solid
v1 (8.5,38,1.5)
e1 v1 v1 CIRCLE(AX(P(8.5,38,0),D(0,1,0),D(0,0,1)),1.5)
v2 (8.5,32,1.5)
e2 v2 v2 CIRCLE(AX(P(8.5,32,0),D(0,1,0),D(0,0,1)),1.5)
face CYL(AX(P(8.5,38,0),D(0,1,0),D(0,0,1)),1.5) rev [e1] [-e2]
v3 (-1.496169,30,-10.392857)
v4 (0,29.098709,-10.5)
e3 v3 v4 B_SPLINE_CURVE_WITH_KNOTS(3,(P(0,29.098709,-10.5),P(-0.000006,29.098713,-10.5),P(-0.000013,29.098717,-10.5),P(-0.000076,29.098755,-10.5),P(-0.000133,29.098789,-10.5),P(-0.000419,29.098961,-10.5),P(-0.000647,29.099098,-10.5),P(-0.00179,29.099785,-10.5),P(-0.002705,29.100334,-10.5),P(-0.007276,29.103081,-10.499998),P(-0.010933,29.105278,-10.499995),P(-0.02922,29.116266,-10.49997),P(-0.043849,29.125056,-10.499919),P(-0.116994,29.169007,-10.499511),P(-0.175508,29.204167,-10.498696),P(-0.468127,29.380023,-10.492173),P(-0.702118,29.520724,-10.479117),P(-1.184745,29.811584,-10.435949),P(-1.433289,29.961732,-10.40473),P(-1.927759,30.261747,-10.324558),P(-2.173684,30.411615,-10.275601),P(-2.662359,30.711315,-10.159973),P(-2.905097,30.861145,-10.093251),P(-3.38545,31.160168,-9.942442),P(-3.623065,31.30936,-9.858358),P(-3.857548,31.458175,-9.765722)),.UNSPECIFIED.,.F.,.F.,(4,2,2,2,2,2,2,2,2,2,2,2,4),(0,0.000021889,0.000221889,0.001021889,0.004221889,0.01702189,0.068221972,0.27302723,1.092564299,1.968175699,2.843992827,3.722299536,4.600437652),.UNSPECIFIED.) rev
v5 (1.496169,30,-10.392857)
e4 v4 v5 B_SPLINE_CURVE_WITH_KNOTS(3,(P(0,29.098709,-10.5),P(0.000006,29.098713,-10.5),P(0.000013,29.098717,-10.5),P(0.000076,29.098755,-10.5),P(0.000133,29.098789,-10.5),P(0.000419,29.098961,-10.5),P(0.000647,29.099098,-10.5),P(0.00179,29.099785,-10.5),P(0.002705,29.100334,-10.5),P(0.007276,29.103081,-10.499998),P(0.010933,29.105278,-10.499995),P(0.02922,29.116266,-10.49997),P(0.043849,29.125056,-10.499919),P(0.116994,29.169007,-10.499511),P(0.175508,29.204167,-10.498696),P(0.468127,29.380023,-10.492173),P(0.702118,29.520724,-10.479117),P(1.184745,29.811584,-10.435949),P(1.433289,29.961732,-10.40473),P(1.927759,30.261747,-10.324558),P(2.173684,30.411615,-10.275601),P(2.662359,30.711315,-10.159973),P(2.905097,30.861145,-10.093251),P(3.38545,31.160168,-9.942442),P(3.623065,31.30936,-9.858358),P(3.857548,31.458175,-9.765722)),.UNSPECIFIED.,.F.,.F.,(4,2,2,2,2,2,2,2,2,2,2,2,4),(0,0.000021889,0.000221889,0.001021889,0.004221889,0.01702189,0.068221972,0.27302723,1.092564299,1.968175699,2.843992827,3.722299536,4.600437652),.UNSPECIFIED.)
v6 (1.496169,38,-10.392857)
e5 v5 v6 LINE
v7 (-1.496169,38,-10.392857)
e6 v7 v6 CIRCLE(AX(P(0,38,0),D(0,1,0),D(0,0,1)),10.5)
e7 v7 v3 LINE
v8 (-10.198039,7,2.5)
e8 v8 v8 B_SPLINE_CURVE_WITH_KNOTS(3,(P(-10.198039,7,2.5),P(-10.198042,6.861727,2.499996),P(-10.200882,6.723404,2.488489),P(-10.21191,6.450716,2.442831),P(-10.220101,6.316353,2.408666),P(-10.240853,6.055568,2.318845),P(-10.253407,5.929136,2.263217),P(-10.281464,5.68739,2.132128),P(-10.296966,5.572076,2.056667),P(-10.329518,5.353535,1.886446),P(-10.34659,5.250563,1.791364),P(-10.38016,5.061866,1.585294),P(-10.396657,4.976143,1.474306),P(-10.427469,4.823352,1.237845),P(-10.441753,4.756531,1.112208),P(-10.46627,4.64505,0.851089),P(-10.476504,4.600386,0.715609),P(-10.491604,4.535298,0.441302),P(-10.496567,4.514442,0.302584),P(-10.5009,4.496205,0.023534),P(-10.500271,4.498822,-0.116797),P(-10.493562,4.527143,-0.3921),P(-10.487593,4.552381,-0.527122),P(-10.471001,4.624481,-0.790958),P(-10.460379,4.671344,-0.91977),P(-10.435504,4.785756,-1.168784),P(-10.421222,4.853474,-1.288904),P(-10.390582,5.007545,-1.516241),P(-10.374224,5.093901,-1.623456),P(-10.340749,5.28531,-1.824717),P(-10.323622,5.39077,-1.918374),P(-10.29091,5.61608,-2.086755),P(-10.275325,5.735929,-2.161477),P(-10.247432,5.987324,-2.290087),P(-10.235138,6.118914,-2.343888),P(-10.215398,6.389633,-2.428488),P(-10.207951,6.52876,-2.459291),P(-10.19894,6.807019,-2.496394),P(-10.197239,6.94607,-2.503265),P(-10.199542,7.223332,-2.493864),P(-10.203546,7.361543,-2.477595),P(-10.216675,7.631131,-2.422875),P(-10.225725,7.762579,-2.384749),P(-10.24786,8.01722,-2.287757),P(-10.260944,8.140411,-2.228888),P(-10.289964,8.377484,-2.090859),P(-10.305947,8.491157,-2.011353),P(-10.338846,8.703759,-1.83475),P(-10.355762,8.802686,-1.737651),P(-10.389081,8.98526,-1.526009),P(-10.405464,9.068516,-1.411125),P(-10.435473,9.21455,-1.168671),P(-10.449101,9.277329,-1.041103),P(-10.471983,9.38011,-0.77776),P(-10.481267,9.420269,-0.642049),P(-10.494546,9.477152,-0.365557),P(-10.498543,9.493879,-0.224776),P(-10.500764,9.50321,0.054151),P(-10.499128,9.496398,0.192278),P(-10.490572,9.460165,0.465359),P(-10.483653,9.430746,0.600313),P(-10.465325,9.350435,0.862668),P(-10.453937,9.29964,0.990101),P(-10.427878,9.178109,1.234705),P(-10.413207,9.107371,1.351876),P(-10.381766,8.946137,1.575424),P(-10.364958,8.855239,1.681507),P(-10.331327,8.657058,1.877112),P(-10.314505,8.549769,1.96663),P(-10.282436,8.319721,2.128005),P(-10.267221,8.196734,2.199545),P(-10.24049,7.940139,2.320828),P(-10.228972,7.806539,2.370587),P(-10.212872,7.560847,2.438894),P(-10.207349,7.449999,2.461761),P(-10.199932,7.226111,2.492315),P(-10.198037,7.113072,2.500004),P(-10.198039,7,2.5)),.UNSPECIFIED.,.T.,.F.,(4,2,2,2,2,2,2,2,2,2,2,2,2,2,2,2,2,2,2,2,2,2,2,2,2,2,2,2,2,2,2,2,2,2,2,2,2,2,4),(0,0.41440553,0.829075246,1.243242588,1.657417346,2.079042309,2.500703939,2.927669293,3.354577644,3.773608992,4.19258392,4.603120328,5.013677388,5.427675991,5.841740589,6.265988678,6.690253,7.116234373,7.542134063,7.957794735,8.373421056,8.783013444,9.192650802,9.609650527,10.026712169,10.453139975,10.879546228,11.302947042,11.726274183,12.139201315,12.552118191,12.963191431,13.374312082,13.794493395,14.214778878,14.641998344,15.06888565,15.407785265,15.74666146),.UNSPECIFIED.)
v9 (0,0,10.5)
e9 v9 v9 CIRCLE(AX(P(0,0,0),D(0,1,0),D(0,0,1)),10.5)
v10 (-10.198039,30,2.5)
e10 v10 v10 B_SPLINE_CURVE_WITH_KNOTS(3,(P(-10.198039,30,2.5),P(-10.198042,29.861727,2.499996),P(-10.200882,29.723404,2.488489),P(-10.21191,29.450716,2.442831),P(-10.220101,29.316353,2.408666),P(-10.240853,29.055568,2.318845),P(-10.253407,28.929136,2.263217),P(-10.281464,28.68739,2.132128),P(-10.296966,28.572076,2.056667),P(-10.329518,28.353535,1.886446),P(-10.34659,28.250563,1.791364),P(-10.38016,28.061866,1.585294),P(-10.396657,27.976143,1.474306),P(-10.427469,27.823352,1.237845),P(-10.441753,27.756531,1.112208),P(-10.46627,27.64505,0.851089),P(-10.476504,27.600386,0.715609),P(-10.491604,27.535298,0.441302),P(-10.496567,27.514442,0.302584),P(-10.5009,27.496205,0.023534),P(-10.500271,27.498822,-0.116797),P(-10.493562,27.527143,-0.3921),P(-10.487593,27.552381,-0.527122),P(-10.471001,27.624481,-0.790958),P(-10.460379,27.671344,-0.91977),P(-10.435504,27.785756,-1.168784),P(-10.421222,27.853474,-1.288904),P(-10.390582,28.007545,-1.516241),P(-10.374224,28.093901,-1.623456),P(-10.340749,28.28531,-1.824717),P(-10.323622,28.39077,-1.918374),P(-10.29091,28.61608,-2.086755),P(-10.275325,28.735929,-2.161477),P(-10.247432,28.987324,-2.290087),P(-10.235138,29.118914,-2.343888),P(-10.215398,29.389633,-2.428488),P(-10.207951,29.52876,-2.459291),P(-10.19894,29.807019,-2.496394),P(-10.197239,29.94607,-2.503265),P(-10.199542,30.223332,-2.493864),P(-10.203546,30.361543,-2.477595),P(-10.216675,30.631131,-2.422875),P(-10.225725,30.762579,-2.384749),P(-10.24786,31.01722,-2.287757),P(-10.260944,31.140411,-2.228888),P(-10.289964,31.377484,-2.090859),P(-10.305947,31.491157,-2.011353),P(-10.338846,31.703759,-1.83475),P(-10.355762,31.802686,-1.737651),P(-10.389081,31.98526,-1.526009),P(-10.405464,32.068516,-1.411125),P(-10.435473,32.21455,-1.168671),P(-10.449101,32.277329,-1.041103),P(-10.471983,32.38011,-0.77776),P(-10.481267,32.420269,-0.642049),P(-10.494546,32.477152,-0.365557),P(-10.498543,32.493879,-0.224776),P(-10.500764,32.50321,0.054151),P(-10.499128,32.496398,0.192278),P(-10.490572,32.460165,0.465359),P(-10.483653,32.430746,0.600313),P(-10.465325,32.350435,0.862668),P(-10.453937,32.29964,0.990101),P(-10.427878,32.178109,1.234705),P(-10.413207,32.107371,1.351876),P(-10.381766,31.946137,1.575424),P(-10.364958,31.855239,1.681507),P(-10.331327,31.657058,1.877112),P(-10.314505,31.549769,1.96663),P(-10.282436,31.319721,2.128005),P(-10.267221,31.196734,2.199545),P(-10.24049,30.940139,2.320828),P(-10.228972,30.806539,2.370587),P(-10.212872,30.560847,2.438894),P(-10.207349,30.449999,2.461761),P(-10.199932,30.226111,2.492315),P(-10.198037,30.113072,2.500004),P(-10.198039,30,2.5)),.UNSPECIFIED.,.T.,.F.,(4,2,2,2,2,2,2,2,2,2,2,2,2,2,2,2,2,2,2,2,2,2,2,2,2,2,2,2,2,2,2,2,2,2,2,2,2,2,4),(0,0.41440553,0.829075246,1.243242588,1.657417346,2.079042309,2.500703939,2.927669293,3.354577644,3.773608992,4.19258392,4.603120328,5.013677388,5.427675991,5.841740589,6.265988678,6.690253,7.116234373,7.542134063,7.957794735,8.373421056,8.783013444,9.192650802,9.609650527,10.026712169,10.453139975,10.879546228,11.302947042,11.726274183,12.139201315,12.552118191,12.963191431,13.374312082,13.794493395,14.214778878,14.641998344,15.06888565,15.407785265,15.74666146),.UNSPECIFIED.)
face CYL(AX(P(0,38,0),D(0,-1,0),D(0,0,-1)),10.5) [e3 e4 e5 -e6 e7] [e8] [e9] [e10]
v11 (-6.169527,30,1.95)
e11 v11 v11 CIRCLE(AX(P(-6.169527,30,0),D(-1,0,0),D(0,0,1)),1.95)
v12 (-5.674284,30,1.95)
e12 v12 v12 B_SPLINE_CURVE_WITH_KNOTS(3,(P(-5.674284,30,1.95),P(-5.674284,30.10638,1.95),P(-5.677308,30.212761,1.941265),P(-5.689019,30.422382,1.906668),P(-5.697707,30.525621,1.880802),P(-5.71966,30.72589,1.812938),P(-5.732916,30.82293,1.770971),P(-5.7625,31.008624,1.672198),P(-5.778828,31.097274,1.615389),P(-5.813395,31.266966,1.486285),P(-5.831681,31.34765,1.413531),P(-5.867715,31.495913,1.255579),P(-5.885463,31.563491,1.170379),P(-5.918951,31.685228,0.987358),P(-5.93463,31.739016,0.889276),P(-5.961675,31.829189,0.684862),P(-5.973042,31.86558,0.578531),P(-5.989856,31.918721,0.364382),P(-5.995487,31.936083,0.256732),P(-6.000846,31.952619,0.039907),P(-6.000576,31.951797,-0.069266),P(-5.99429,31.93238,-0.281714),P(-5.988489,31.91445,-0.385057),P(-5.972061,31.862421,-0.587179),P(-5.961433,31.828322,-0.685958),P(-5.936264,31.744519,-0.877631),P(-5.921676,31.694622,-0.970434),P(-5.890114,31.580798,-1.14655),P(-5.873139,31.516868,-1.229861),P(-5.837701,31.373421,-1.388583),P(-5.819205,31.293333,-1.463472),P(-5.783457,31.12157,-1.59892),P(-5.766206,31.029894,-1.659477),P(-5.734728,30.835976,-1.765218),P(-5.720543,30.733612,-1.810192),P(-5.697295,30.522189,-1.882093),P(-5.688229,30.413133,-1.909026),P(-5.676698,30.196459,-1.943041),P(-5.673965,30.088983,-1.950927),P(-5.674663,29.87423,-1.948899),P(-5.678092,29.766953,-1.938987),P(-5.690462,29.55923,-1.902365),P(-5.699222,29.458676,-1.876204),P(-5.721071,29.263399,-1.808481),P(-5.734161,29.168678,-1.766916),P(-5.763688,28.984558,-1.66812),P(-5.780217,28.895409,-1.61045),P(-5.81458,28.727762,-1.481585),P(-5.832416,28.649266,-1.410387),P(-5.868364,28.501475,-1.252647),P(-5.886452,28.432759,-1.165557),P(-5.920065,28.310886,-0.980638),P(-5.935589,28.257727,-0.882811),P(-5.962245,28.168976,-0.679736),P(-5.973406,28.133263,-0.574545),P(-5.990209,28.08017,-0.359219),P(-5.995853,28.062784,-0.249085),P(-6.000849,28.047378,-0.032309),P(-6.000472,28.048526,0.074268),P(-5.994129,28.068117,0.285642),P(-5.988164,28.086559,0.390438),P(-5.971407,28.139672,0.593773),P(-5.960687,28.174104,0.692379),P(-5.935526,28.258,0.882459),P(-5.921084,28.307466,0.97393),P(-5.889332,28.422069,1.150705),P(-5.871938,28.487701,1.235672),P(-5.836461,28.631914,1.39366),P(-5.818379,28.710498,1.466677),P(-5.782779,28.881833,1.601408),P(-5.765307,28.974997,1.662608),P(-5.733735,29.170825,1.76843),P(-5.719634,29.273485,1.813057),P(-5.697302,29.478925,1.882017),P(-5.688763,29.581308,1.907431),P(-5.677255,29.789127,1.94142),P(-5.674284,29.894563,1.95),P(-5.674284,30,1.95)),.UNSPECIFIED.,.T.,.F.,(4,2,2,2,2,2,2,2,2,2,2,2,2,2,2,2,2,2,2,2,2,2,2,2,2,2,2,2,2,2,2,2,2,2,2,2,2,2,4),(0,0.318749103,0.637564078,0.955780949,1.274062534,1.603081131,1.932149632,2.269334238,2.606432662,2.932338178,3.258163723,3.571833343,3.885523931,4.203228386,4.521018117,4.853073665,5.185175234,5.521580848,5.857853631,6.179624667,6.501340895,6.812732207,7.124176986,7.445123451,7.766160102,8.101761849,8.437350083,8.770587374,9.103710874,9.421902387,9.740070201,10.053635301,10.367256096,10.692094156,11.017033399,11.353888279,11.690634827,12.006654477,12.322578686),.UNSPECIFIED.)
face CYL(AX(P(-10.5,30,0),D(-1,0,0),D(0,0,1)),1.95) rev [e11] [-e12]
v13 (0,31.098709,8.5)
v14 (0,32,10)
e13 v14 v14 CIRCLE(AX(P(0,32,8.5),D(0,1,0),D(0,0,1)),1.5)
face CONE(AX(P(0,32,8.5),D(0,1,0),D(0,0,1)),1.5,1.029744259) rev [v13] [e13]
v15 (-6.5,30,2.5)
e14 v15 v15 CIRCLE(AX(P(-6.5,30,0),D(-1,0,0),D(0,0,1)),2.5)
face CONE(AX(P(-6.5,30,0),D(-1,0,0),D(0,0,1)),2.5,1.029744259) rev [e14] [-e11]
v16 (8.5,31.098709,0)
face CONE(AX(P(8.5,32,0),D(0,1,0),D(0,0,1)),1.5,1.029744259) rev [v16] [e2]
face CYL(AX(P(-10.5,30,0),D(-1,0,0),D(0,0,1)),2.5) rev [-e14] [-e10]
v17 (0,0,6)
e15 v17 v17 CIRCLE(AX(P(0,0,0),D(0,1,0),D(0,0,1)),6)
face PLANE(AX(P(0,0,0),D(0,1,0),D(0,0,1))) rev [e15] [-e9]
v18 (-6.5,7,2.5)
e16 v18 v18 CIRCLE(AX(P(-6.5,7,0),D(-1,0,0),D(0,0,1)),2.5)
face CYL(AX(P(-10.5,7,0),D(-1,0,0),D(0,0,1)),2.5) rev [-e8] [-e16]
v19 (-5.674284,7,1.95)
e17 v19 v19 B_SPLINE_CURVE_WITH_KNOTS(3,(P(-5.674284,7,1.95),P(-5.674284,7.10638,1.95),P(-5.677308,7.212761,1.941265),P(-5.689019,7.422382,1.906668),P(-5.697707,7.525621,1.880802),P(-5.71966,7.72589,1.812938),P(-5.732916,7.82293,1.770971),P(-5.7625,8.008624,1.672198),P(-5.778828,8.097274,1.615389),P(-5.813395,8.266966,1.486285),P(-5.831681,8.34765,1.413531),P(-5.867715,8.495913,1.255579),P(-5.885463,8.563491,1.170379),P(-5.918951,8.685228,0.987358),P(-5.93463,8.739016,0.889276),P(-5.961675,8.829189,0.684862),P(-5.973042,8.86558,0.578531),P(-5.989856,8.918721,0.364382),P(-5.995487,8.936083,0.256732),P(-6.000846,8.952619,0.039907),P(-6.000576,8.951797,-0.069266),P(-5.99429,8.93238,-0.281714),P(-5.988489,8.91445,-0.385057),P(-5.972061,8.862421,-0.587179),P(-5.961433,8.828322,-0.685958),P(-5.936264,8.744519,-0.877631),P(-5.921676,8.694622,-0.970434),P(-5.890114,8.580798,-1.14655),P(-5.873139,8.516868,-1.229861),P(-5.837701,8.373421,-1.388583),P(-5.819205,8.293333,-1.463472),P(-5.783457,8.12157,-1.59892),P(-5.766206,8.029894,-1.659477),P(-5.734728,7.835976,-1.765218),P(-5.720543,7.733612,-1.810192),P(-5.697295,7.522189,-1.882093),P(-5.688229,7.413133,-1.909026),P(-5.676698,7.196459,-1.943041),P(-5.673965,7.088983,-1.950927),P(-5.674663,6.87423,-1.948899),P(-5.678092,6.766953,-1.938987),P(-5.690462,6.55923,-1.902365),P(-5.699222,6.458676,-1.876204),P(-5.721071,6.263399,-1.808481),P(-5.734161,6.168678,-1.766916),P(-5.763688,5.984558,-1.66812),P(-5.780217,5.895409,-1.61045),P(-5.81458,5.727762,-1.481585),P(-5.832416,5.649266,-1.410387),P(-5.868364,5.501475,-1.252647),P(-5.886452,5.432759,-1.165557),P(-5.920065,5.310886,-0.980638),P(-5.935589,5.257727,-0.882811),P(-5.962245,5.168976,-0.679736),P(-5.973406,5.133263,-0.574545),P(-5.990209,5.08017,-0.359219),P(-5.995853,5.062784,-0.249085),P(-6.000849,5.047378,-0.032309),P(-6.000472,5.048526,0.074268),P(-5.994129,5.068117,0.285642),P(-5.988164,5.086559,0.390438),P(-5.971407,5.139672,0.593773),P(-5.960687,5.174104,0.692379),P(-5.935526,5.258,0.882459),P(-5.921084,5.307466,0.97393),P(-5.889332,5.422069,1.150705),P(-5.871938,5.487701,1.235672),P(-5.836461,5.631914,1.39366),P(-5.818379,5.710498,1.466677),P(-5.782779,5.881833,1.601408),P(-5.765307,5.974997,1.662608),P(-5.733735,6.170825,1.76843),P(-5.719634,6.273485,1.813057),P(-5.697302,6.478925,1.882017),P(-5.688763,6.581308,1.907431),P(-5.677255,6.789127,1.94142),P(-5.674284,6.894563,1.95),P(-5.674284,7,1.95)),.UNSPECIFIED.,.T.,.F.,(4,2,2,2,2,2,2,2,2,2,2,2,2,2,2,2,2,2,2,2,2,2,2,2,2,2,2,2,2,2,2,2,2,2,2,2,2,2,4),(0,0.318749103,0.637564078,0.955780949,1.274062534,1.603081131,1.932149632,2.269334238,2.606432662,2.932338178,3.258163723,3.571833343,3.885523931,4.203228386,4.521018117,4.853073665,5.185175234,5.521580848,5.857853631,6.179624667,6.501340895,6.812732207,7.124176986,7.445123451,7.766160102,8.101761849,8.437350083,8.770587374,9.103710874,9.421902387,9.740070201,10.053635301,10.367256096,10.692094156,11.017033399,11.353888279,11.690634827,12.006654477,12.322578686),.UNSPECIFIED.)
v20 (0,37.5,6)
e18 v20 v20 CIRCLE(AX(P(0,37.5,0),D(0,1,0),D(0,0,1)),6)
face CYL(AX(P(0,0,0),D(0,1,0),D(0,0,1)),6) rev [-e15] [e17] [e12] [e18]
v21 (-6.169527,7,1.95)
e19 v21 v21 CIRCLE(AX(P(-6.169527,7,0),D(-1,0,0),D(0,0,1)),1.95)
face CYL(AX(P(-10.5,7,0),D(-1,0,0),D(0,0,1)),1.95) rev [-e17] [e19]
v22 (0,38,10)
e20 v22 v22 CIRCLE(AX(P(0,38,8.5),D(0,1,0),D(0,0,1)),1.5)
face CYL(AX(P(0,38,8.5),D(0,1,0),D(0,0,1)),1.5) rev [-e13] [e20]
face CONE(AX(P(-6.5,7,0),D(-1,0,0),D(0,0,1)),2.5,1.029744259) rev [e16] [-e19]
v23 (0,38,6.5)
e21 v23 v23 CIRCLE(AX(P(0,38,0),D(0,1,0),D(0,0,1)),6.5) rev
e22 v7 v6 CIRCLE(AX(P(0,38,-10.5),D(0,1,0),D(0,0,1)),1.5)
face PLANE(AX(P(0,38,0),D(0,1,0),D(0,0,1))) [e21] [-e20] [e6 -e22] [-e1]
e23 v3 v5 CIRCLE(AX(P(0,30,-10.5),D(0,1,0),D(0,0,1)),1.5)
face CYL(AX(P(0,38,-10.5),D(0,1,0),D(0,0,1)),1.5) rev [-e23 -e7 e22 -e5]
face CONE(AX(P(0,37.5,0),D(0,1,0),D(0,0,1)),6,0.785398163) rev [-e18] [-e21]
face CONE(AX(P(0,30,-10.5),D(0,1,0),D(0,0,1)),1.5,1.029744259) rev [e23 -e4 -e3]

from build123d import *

# Parameters (mm, degrees)
SKETCH1_R                       = 10.5
BOSS_EXTRUDE1_DEPTH             = 38
SKETCH2_R                       = 6
CUT_EXTRUDE1_DEPTH              = 41.798284278
F_3_9_3_9_DIAMETER_HOLE1_REACH  = 46.668
F_3_9_3_9_DIAMETER_HOLE1_BORE_R = 1.95
F_3_0MM_DOWEL_HOLE1_D           = 3
F_3_0MM_DOWEL_HOLE1_DEPTH       = 6
F_3_0MM_DOWEL_HOLE1_TIP         = 0.901290929
CHAMFER1_SIZE                   = 0.5
F_3_0MM_DOWEL_HOLE2_D           = 3
F_3_0MM_DOWEL_HOLE2_DEPTH       = 8
F_3_0MM_DOWEL_HOLE2_TIP         = 0.901290929


with BuildPart() as part:
    # Sketch1 → Boss-Extrude1 (new body)
    with BuildSketch(Plane(origin=(0, 0, 0), x_dir=(1, 0, 0), z_dir=(0, 1, 0))):
        with Locations(Location((0, 0, 0), (0, 0, 270))):
            Circle(SKETCH1_R)
    extrude(amount=BOSS_EXTRUDE1_DEPTH)

    # Sketch2 → Cut-Extrude1 (cut, through all)
    with BuildSketch(Plane(origin=(0, 38, 0), x_dir=(1, 0, 0), z_dir=(0, 1, 0))):
        with Locations(Location((0, 0, 0), (0, 0, 270))):
            Circle(SKETCH2_R)
    extrude(amount=-CUT_EXTRUDE1_DEPTH, mode=Mode.SUBTRACT)

    # Ø3.9 (3.9) Diameter Hole1 bore → Ø3.9 (3.9) Diameter Hole1 (cut, up to next)
    with BuildSketch(Plane.ZY.offset(10.5), mode=Mode.PRIVATE) as f_3_9_3_9_diameter_hole1_sk1:
        with Locations((0, 30)):
            Circle(F_3_9_3_9_DIAMETER_HOLE1_BORE_R)
    f_3_9_3_9_diameter_hole1_tool1 = extrude(f_3_9_3_9_diameter_hole1_sk1.sketch, amount=-F_3_9_3_9_DIAMETER_HOLE1_REACH, mode=Mode.PRIVATE) & part.part
    f_3_9_3_9_diameter_hole1 = f_3_9_3_9_diameter_hole1_tool1.solids().sort_by_distance((-10.5, 30, 0))[0]
    add(f_3_9_3_9_diameter_hole1, mode=Mode.SUBTRACT)

    # Sketch9 → Ø5.0mm Dowel Hole1 (revolve, cut)
    with BuildSketch(Plane(origin=(-10.5, 30, 0), x_dir=(0, 0, 1), z_dir=(0, 1, 0))):
        Polygon((0, 0), (0, 5.502151548), (2.5, 4), (2.5, 0), align=None)
    f_5_0mm_dowel_hole1 = revolve(axis=Axis((-16.85, 30, 0), (1, 0, 0)), mode=Mode.SUBTRACT)

    # Mirror1: Ø3.9 (3.9) Diameter Hole1, Ø5.0mm Dowel Hole1 across plane
    add(f_3_9_3_9_diameter_hole1.mirror(Plane(origin=(0, 18.5, 0), x_dir=(0, 0, 1), z_dir=(0, -1, 0))), mode=Mode.SUBTRACT)
    add(f_5_0mm_dowel_hole1.mirror(Plane(origin=(0, 18.5, 0), x_dir=(0, 0, 1), z_dir=(0, -1, 0))), mode=Mode.SUBTRACT)

    # Ø3.0mm Dowel Hole1
    with Locations(Plane(origin=(0, 38, 0), x_dir=(1, 0, 0), z_dir=(0, 1, 0))):
        with Locations((8.5, 0), (0, -8.5)):
            Hole(F_3_0MM_DOWEL_HOLE1_D / 2, depth=F_3_0MM_DOWEL_HOLE1_DEPTH)
            with Locations((0, 0, -(F_3_0MM_DOWEL_HOLE1_DEPTH + F_3_0MM_DOWEL_HOLE1_TIP / 2))):  # 118° drill point
                Cone(0, F_3_0MM_DOWEL_HOLE1_D / 2, F_3_0MM_DOWEL_HOLE1_TIP, mode=Mode.SUBTRACT)

    # Chamfer1
    chamfer1_edges = [part.edges().sort_by_distance(p)[0] for p in [
        (0, 38, -6),
    ]]
    chamfer(chamfer1_edges, length=CHAMFER1_SIZE)

    # Ø3.0mm Dowel Hole2
    with Locations(Plane(origin=(0, 38, 0), x_dir=(1, 0, 0), z_dir=(0, 1, 0))):
        with Locations((0, 10.5)):
            Hole(F_3_0MM_DOWEL_HOLE2_D / 2, depth=F_3_0MM_DOWEL_HOLE2_DEPTH)
            with Locations((0, 0, -(F_3_0MM_DOWEL_HOLE2_DEPTH + F_3_0MM_DOWEL_HOLE2_TIP / 2))):  # 118° drill point
                Cone(0, F_3_0MM_DOWEL_HOLE2_D / 2, F_3_0MM_DOWEL_HOLE2_TIP, mode=Mode.SUBTRACT)


solid = part.part
